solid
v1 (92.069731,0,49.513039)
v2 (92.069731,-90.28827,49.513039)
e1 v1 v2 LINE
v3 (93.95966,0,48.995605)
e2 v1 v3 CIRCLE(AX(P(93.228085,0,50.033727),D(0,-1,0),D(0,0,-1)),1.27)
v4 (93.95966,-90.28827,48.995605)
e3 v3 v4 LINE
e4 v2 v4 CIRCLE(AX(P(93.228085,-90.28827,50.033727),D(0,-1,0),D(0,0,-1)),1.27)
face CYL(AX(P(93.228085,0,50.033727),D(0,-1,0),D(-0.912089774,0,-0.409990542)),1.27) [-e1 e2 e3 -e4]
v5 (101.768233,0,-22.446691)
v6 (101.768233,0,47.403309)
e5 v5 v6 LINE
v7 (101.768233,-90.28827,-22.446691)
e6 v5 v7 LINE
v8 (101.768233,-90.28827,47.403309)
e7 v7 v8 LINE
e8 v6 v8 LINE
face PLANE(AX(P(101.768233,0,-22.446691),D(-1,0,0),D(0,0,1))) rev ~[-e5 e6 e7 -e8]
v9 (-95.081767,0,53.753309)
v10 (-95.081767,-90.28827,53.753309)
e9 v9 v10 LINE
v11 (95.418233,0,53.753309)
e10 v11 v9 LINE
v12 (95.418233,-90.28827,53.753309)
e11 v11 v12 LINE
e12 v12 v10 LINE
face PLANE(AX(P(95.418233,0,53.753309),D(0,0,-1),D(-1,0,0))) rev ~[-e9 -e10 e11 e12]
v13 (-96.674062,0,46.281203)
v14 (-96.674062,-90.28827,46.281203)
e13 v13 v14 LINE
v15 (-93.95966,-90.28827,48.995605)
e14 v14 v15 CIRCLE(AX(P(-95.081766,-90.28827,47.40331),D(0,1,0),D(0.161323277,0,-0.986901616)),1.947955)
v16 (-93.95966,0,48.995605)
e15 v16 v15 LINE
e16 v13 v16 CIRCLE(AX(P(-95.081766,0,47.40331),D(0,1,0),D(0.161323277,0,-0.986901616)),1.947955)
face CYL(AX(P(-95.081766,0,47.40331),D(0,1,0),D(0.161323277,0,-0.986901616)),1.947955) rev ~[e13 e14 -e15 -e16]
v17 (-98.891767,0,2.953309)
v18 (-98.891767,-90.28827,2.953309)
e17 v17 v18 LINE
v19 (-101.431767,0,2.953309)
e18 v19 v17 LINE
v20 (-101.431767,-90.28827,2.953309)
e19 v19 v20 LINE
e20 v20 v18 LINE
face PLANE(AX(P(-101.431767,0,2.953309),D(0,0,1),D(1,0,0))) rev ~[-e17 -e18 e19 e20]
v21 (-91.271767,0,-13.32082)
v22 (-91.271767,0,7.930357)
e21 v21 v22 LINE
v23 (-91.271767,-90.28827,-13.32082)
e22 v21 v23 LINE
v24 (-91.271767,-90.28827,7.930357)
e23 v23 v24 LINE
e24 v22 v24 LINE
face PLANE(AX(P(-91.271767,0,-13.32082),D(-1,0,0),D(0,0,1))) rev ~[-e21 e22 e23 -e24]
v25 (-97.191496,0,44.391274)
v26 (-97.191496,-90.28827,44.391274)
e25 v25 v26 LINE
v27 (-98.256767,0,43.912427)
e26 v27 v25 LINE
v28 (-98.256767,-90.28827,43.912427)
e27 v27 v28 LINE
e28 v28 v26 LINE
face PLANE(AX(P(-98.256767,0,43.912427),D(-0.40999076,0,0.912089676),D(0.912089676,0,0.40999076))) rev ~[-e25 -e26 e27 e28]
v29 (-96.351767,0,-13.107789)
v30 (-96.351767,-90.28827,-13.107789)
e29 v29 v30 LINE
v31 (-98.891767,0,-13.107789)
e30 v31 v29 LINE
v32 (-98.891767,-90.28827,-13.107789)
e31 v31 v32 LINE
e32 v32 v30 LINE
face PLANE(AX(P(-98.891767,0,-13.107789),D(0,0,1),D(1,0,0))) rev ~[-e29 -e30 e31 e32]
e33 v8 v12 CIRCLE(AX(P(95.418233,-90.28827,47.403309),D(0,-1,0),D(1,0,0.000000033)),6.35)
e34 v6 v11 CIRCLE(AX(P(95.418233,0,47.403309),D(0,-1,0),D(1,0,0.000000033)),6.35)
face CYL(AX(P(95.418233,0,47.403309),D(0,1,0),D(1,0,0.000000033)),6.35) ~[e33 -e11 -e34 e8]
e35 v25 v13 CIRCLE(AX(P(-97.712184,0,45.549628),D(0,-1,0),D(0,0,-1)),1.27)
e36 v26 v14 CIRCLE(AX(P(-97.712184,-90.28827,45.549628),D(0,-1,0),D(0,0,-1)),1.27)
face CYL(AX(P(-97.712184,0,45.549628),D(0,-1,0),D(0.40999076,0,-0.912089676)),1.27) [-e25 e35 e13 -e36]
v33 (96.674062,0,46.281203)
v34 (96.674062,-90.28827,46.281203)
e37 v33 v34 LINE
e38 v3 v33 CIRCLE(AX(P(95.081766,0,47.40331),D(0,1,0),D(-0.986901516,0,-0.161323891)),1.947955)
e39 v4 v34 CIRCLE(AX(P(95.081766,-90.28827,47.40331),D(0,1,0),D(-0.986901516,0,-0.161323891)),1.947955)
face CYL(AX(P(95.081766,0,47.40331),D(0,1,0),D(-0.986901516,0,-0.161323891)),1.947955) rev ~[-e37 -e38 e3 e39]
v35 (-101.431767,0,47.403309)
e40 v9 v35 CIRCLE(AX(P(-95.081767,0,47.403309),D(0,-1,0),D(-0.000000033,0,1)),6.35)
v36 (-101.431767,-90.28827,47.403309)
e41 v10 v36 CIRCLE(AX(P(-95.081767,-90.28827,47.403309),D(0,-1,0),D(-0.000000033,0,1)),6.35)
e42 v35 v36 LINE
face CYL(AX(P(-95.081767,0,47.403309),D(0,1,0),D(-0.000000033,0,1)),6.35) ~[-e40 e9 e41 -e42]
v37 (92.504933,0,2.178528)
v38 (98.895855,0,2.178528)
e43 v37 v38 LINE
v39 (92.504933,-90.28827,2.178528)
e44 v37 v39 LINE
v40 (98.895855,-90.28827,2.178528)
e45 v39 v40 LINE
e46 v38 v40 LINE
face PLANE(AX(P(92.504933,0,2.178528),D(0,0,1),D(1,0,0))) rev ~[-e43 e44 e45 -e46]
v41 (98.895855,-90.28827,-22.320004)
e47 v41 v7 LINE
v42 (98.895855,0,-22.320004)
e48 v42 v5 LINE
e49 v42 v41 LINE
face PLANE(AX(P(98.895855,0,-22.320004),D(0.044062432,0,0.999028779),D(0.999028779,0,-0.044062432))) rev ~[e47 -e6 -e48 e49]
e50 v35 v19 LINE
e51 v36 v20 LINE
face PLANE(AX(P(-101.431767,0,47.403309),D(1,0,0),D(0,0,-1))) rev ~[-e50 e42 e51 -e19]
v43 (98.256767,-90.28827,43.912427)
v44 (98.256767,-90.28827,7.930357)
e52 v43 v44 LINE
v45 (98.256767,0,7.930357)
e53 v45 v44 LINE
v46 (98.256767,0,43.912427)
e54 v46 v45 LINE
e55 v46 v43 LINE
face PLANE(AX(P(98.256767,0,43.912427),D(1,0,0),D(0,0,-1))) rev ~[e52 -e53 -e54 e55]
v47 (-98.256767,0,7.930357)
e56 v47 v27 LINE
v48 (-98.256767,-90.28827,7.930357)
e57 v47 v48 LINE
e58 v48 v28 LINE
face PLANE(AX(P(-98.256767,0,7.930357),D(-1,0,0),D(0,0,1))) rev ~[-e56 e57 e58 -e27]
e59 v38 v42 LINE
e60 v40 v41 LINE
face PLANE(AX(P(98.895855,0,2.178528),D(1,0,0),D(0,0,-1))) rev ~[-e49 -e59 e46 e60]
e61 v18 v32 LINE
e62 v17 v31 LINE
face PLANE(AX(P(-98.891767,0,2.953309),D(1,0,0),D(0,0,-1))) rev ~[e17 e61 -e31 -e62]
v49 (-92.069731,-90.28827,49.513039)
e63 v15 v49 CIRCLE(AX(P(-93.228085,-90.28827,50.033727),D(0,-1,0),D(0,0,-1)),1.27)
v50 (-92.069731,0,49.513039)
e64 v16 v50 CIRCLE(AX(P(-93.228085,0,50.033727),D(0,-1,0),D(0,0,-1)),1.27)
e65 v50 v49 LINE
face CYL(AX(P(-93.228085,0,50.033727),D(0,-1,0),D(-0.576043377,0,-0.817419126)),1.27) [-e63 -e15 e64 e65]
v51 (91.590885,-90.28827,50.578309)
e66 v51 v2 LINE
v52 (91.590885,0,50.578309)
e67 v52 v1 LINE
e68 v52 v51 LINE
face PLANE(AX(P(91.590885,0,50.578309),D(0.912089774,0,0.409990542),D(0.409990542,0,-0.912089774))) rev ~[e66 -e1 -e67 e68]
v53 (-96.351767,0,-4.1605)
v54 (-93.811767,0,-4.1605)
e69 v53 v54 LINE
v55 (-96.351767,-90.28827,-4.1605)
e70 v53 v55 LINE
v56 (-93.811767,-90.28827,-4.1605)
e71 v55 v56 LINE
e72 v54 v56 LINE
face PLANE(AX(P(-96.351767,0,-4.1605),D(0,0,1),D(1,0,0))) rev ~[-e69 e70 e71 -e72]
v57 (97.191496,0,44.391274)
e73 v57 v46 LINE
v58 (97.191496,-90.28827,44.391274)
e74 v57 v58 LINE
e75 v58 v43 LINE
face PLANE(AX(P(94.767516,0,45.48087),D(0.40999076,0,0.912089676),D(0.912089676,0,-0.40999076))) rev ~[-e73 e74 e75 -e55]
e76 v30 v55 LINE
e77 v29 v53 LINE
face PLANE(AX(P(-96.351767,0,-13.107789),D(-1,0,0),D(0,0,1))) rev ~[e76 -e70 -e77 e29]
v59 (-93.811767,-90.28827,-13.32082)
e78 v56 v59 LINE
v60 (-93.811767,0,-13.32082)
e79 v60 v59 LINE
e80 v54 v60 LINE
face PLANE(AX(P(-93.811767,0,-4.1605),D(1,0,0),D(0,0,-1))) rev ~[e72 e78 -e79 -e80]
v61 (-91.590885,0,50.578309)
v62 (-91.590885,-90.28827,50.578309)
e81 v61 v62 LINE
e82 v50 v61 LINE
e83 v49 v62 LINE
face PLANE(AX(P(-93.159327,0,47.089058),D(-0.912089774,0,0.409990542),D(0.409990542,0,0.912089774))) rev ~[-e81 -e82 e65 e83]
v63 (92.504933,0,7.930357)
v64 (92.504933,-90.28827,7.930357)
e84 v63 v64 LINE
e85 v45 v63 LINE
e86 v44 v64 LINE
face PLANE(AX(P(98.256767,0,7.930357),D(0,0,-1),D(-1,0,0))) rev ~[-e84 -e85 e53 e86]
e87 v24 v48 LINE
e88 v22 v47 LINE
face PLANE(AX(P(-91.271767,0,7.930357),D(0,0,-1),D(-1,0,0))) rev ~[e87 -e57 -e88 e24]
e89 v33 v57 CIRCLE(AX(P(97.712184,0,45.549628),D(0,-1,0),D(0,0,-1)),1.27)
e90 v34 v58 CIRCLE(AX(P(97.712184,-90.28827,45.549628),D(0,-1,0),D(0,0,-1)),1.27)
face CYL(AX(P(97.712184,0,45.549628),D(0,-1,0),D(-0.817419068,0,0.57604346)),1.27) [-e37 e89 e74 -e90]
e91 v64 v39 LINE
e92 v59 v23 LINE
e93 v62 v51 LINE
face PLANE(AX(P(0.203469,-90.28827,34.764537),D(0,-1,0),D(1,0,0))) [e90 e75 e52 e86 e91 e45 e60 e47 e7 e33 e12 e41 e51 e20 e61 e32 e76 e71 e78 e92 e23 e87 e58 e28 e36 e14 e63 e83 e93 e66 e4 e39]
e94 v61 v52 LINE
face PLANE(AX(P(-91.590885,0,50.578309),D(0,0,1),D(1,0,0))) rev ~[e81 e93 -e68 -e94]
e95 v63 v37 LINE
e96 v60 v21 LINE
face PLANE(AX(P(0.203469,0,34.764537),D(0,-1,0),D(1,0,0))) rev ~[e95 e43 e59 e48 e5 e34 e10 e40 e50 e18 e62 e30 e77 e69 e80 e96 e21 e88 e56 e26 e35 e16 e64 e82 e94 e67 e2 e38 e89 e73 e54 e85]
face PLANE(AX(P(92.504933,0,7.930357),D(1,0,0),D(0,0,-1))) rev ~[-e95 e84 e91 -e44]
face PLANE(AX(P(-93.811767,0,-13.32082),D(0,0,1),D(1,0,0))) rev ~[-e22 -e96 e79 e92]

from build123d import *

# Parameters (mm, degrees)
F1_DEPTH = 90.28827
F2_R     = 1.27


with BuildPart() as f1:
    # F0 (on Front) → F1 (new body)
    with BuildSketch(Plane.XZ):
        with BuildLine():
            Line((95.418233, 53.753309), (-95.081767, 53.753309))
            ThreePointArc((-95.081767, 53.753309), (-99.571895, 51.893437), (-101.431767, 47.403309))
            Line((-101.431767, 47.403309), (-101.431767, 2.953309))
            Line((-101.431767, 2.953309), (-98.891767, 2.953309))
            Line((-98.891767, 2.953309), (-98.891767, -13.107789))
            Line((-98.891767, -13.107789), (-96.351767, -13.107789))
            Line((-96.351767, -13.107789), (-96.351767, -4.1605))
            Line((-96.351767, -4.1605), (-93.811767, -4.1605))
            Line((-93.811767, -4.1605), (-93.811767, -13.32082))
            Line((-93.811767, -13.32082), (-91.271767, -13.32082))
            Line((-91.271767, -13.32082), (-91.271767, 7.930357))
            Line((-91.271767, 7.930357), (-98.256767, 7.930357))
            Line((-98.256767, 7.930357), (-98.256767, 43.912427))
            Line((-98.256767, 43.912427), (-94.767516, 45.48087))
            ThreePointArc((-94.767516, 45.48087), (-96.459179, 48.780721), (-93.159327, 47.089058))
            Line((-93.159327, 47.089058), (-91.590885, 50.578309))
            Line((-91.590885, 50.578309), (91.590885, 50.578309))
            Line((91.590885, 50.578309), (93.159327, 47.089058))
            ThreePointArc((93.159327, 47.089058), (96.459179, 48.780721), (94.767516, 45.48087))
            Line((94.767516, 45.48087), (98.256767, 43.912427))
            Line((98.256767, 43.912427), (98.256767, 7.930357))
            Line((98.256767, 7.930357), (92.504933, 7.930357))
            Line((92.504933, 7.930357), (92.504933, 2.178528))
            Line((92.504933, 2.178528), (98.895855, 2.178528))
            Line((98.895855, 2.178528), (98.895855, -22.320004))
            Line((98.895855, -22.320004), (101.768233, -22.446691))
            Line((101.768233, -22.446691), (101.768233, 47.403309))
            ThreePointArc((101.768233, 47.403309), (99.908361, 51.893437), (95.418233, 53.753309))
        make_face()
    extrude(amount=F1_DEPTH)

    # F2
    f2_edges = [f1.edges().sort_by_distance(p)[0] for p in [
        (-94.767516, -45.144135, 45.48087),
        (-93.159327, -45.144135, 47.089058),
        (93.159327, -45.144135, 47.089058),
        (94.767516, -45.144135, 45.48087),
    ]]
    fillet(f2_edges, radius=F2_R)


solid = f1.part
